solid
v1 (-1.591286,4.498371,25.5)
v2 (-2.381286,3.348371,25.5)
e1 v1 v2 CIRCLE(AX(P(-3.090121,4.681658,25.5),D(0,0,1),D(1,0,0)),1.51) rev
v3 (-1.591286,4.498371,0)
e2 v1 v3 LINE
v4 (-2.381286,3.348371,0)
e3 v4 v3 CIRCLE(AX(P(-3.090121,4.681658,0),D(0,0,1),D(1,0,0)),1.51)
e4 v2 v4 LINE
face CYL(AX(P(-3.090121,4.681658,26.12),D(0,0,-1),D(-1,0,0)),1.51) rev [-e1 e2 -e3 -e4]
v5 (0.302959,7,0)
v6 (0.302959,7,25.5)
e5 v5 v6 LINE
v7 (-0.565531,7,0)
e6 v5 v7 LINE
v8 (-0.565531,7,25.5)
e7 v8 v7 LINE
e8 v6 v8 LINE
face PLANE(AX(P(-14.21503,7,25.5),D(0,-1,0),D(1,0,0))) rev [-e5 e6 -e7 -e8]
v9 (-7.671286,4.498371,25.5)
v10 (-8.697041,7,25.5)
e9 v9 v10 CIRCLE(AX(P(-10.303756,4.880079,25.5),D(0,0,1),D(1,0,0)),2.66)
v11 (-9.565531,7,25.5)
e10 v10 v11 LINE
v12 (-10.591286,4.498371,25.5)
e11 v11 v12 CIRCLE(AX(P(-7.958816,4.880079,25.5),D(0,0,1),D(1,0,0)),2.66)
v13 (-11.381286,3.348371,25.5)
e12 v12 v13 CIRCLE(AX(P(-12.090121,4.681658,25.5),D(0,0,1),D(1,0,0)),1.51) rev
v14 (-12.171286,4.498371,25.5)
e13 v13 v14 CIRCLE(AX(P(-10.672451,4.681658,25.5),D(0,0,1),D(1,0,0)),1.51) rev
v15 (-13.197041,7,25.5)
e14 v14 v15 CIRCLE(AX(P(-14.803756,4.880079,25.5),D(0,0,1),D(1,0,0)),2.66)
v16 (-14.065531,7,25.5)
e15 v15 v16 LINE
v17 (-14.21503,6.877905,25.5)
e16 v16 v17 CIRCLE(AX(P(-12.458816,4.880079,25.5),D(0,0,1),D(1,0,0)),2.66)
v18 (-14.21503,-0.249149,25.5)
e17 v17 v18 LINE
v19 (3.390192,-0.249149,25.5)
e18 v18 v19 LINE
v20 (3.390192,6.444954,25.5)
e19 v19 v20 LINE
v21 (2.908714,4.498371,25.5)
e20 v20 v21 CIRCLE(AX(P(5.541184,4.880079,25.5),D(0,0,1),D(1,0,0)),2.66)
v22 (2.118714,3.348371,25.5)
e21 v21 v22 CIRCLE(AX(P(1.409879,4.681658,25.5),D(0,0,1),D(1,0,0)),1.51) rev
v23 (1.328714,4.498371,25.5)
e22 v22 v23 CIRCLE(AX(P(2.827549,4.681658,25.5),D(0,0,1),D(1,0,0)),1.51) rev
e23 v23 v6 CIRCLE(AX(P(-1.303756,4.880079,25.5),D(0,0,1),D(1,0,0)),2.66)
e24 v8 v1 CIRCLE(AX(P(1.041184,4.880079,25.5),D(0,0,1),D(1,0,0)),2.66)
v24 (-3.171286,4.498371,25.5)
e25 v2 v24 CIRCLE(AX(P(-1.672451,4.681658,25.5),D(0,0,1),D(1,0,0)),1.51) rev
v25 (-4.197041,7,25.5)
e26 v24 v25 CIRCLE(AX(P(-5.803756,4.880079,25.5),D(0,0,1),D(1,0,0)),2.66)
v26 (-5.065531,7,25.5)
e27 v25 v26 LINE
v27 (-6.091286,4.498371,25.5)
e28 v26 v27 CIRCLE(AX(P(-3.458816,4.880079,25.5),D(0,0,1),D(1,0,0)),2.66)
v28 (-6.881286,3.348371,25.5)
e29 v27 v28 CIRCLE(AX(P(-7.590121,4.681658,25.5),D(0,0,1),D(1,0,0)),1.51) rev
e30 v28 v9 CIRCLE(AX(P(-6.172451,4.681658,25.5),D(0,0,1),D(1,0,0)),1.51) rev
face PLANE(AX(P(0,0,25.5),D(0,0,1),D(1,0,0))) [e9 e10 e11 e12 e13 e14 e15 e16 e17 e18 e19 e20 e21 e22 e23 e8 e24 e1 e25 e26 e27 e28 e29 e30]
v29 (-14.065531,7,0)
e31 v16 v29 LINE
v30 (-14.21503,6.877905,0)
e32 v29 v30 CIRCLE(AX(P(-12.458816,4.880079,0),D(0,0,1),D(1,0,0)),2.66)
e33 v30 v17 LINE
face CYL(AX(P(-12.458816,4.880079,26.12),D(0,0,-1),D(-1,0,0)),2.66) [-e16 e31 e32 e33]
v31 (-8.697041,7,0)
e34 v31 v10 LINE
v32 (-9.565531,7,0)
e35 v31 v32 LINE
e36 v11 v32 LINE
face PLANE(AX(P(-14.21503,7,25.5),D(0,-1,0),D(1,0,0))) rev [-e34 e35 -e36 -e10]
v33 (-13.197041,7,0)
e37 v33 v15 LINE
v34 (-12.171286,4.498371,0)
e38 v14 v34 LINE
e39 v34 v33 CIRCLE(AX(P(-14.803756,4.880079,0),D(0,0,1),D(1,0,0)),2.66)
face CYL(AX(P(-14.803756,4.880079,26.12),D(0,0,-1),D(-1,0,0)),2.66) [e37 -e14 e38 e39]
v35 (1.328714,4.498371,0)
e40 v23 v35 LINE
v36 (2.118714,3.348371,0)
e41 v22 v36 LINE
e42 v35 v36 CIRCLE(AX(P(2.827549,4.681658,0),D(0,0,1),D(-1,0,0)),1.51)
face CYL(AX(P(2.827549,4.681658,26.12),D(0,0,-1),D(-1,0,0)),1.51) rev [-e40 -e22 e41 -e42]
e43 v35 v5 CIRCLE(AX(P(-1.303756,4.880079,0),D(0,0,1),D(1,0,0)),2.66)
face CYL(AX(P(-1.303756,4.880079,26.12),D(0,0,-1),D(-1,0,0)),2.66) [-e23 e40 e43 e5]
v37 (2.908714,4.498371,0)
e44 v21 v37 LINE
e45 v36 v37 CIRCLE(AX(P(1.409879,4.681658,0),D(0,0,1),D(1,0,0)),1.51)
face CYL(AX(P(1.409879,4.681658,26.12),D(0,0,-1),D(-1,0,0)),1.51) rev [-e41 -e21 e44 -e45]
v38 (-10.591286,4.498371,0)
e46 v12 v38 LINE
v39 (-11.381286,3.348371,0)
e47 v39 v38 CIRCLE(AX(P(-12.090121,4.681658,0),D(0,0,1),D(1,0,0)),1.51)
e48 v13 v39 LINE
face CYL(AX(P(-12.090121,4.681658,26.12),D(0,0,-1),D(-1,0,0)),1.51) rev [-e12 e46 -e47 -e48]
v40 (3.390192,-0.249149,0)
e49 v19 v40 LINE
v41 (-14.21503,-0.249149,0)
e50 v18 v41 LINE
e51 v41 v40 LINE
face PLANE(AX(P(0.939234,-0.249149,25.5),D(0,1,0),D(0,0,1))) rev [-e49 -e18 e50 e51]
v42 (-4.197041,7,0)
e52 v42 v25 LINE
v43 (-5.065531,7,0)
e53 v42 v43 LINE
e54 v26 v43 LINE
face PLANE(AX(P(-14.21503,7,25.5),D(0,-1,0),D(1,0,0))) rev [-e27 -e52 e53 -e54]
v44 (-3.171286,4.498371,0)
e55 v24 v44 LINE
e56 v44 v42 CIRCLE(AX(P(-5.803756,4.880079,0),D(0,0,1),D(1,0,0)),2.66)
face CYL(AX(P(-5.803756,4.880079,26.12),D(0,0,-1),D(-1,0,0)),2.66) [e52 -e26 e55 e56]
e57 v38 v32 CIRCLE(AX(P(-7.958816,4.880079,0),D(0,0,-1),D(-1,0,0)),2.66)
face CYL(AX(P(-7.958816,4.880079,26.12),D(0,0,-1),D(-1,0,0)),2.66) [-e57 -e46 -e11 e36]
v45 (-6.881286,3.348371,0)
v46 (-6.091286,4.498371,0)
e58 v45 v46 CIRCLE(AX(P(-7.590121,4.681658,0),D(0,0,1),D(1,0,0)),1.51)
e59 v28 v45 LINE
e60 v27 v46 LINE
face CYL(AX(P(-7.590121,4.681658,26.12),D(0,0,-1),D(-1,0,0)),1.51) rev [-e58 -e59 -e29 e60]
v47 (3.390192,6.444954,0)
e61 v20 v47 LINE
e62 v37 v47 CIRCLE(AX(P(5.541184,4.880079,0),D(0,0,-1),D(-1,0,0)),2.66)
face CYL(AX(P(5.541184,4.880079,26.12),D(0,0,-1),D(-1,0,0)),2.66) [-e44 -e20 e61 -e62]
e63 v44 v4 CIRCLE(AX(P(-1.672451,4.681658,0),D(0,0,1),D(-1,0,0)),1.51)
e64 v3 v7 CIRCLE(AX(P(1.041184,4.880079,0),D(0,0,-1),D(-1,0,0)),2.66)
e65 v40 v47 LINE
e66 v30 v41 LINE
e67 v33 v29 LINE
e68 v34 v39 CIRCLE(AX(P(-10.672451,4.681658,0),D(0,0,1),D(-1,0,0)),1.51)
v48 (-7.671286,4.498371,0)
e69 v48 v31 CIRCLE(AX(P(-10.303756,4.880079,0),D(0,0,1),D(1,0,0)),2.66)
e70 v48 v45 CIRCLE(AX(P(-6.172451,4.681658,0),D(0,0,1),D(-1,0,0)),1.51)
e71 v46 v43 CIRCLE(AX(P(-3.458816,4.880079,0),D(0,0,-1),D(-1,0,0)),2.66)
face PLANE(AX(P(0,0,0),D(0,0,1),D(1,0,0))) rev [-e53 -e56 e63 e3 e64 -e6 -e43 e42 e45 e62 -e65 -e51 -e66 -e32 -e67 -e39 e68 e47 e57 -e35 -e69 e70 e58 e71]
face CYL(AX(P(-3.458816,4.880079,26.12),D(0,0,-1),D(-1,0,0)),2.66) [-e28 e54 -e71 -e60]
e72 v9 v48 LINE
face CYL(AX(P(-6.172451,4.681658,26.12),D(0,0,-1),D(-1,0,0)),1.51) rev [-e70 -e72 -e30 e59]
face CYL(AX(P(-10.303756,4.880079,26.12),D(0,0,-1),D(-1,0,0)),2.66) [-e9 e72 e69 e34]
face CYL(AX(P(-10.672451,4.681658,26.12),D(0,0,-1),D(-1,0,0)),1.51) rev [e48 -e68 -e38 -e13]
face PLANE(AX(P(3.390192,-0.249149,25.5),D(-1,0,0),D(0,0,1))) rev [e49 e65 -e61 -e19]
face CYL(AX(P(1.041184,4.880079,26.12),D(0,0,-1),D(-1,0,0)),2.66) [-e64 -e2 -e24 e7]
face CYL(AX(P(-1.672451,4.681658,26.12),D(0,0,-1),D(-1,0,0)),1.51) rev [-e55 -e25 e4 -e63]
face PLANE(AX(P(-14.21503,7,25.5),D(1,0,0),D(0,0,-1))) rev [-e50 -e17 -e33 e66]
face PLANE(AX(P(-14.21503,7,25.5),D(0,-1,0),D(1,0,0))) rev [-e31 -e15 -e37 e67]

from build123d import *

# Parameters (mm, degrees)
BOSS_EXTRUDE1_DEPTH  = 25.5
CUT_EXTRUDE1_DEPTH   = 26.12
LPATTERN1_COUNT      = 4
LPATTERN1_PITCH      = 4.5
LPATTERN1_COUNT_DIR2 = 9
LPATTERN1_PITCH_DIR2 = 4.5


with BuildPart() as part:
    # Sketch1 → Boss-Extrude1 (new body)
    with BuildSketch(Plane.XY):
        Polygon((-14.215030011, 7), (-14.215030011, -0.249149017), (0.939234275, -0.249149017), (3.390192413, -0.249149017), (3.390192413, 7), align=None)
    extrude(amount=BOSS_EXTRUDE1_DEPTH)

    # Sketch2 → Cut-Extrude1 (cut)
    with BuildSketch(Plane.XY):
        with BuildLine():
            ThreePointArc((-6.881285782, 3.348371163), (-7.417069895, 3.826658598), (-7.671285782, 4.498371163))
            ThreePointArc((-7.671285782, 4.498371163), (-7.912320341, 6.04482582), (-8.981285782, 7.188037328))
            ThreePointArc((-8.981285782, 7.188037328), (-6.881285782, 7.762283268), (-4.781285782, 7.188037328))
            ThreePointArc((-4.781285782, 7.188037328), (-5.850251222, 6.04482582), (-6.091285782, 4.498371163))
            ThreePointArc((-6.091285782, 4.498371163), (-6.345501668, 3.826658598), (-6.881285782, 3.348371163))
        make_face()
    cut_extrude1 = extrude(amount=CUT_EXTRUDE1_DEPTH, mode=Mode.SUBTRACT)

    # LPattern1: Cut-Extrude1 4 × 9
    with Locations(*[Vector(-1, 0, 0) * (i * LPATTERN1_PITCH) + Vector(1, 0, 0) * (j * LPATTERN1_PITCH_DIR2) for i in range(LPATTERN1_COUNT) for j in range(LPATTERN1_COUNT_DIR2) if (i, j) != (0, 0)]):
        add(cut_extrude1, mode=Mode.SUBTRACT)


solid = part.part
